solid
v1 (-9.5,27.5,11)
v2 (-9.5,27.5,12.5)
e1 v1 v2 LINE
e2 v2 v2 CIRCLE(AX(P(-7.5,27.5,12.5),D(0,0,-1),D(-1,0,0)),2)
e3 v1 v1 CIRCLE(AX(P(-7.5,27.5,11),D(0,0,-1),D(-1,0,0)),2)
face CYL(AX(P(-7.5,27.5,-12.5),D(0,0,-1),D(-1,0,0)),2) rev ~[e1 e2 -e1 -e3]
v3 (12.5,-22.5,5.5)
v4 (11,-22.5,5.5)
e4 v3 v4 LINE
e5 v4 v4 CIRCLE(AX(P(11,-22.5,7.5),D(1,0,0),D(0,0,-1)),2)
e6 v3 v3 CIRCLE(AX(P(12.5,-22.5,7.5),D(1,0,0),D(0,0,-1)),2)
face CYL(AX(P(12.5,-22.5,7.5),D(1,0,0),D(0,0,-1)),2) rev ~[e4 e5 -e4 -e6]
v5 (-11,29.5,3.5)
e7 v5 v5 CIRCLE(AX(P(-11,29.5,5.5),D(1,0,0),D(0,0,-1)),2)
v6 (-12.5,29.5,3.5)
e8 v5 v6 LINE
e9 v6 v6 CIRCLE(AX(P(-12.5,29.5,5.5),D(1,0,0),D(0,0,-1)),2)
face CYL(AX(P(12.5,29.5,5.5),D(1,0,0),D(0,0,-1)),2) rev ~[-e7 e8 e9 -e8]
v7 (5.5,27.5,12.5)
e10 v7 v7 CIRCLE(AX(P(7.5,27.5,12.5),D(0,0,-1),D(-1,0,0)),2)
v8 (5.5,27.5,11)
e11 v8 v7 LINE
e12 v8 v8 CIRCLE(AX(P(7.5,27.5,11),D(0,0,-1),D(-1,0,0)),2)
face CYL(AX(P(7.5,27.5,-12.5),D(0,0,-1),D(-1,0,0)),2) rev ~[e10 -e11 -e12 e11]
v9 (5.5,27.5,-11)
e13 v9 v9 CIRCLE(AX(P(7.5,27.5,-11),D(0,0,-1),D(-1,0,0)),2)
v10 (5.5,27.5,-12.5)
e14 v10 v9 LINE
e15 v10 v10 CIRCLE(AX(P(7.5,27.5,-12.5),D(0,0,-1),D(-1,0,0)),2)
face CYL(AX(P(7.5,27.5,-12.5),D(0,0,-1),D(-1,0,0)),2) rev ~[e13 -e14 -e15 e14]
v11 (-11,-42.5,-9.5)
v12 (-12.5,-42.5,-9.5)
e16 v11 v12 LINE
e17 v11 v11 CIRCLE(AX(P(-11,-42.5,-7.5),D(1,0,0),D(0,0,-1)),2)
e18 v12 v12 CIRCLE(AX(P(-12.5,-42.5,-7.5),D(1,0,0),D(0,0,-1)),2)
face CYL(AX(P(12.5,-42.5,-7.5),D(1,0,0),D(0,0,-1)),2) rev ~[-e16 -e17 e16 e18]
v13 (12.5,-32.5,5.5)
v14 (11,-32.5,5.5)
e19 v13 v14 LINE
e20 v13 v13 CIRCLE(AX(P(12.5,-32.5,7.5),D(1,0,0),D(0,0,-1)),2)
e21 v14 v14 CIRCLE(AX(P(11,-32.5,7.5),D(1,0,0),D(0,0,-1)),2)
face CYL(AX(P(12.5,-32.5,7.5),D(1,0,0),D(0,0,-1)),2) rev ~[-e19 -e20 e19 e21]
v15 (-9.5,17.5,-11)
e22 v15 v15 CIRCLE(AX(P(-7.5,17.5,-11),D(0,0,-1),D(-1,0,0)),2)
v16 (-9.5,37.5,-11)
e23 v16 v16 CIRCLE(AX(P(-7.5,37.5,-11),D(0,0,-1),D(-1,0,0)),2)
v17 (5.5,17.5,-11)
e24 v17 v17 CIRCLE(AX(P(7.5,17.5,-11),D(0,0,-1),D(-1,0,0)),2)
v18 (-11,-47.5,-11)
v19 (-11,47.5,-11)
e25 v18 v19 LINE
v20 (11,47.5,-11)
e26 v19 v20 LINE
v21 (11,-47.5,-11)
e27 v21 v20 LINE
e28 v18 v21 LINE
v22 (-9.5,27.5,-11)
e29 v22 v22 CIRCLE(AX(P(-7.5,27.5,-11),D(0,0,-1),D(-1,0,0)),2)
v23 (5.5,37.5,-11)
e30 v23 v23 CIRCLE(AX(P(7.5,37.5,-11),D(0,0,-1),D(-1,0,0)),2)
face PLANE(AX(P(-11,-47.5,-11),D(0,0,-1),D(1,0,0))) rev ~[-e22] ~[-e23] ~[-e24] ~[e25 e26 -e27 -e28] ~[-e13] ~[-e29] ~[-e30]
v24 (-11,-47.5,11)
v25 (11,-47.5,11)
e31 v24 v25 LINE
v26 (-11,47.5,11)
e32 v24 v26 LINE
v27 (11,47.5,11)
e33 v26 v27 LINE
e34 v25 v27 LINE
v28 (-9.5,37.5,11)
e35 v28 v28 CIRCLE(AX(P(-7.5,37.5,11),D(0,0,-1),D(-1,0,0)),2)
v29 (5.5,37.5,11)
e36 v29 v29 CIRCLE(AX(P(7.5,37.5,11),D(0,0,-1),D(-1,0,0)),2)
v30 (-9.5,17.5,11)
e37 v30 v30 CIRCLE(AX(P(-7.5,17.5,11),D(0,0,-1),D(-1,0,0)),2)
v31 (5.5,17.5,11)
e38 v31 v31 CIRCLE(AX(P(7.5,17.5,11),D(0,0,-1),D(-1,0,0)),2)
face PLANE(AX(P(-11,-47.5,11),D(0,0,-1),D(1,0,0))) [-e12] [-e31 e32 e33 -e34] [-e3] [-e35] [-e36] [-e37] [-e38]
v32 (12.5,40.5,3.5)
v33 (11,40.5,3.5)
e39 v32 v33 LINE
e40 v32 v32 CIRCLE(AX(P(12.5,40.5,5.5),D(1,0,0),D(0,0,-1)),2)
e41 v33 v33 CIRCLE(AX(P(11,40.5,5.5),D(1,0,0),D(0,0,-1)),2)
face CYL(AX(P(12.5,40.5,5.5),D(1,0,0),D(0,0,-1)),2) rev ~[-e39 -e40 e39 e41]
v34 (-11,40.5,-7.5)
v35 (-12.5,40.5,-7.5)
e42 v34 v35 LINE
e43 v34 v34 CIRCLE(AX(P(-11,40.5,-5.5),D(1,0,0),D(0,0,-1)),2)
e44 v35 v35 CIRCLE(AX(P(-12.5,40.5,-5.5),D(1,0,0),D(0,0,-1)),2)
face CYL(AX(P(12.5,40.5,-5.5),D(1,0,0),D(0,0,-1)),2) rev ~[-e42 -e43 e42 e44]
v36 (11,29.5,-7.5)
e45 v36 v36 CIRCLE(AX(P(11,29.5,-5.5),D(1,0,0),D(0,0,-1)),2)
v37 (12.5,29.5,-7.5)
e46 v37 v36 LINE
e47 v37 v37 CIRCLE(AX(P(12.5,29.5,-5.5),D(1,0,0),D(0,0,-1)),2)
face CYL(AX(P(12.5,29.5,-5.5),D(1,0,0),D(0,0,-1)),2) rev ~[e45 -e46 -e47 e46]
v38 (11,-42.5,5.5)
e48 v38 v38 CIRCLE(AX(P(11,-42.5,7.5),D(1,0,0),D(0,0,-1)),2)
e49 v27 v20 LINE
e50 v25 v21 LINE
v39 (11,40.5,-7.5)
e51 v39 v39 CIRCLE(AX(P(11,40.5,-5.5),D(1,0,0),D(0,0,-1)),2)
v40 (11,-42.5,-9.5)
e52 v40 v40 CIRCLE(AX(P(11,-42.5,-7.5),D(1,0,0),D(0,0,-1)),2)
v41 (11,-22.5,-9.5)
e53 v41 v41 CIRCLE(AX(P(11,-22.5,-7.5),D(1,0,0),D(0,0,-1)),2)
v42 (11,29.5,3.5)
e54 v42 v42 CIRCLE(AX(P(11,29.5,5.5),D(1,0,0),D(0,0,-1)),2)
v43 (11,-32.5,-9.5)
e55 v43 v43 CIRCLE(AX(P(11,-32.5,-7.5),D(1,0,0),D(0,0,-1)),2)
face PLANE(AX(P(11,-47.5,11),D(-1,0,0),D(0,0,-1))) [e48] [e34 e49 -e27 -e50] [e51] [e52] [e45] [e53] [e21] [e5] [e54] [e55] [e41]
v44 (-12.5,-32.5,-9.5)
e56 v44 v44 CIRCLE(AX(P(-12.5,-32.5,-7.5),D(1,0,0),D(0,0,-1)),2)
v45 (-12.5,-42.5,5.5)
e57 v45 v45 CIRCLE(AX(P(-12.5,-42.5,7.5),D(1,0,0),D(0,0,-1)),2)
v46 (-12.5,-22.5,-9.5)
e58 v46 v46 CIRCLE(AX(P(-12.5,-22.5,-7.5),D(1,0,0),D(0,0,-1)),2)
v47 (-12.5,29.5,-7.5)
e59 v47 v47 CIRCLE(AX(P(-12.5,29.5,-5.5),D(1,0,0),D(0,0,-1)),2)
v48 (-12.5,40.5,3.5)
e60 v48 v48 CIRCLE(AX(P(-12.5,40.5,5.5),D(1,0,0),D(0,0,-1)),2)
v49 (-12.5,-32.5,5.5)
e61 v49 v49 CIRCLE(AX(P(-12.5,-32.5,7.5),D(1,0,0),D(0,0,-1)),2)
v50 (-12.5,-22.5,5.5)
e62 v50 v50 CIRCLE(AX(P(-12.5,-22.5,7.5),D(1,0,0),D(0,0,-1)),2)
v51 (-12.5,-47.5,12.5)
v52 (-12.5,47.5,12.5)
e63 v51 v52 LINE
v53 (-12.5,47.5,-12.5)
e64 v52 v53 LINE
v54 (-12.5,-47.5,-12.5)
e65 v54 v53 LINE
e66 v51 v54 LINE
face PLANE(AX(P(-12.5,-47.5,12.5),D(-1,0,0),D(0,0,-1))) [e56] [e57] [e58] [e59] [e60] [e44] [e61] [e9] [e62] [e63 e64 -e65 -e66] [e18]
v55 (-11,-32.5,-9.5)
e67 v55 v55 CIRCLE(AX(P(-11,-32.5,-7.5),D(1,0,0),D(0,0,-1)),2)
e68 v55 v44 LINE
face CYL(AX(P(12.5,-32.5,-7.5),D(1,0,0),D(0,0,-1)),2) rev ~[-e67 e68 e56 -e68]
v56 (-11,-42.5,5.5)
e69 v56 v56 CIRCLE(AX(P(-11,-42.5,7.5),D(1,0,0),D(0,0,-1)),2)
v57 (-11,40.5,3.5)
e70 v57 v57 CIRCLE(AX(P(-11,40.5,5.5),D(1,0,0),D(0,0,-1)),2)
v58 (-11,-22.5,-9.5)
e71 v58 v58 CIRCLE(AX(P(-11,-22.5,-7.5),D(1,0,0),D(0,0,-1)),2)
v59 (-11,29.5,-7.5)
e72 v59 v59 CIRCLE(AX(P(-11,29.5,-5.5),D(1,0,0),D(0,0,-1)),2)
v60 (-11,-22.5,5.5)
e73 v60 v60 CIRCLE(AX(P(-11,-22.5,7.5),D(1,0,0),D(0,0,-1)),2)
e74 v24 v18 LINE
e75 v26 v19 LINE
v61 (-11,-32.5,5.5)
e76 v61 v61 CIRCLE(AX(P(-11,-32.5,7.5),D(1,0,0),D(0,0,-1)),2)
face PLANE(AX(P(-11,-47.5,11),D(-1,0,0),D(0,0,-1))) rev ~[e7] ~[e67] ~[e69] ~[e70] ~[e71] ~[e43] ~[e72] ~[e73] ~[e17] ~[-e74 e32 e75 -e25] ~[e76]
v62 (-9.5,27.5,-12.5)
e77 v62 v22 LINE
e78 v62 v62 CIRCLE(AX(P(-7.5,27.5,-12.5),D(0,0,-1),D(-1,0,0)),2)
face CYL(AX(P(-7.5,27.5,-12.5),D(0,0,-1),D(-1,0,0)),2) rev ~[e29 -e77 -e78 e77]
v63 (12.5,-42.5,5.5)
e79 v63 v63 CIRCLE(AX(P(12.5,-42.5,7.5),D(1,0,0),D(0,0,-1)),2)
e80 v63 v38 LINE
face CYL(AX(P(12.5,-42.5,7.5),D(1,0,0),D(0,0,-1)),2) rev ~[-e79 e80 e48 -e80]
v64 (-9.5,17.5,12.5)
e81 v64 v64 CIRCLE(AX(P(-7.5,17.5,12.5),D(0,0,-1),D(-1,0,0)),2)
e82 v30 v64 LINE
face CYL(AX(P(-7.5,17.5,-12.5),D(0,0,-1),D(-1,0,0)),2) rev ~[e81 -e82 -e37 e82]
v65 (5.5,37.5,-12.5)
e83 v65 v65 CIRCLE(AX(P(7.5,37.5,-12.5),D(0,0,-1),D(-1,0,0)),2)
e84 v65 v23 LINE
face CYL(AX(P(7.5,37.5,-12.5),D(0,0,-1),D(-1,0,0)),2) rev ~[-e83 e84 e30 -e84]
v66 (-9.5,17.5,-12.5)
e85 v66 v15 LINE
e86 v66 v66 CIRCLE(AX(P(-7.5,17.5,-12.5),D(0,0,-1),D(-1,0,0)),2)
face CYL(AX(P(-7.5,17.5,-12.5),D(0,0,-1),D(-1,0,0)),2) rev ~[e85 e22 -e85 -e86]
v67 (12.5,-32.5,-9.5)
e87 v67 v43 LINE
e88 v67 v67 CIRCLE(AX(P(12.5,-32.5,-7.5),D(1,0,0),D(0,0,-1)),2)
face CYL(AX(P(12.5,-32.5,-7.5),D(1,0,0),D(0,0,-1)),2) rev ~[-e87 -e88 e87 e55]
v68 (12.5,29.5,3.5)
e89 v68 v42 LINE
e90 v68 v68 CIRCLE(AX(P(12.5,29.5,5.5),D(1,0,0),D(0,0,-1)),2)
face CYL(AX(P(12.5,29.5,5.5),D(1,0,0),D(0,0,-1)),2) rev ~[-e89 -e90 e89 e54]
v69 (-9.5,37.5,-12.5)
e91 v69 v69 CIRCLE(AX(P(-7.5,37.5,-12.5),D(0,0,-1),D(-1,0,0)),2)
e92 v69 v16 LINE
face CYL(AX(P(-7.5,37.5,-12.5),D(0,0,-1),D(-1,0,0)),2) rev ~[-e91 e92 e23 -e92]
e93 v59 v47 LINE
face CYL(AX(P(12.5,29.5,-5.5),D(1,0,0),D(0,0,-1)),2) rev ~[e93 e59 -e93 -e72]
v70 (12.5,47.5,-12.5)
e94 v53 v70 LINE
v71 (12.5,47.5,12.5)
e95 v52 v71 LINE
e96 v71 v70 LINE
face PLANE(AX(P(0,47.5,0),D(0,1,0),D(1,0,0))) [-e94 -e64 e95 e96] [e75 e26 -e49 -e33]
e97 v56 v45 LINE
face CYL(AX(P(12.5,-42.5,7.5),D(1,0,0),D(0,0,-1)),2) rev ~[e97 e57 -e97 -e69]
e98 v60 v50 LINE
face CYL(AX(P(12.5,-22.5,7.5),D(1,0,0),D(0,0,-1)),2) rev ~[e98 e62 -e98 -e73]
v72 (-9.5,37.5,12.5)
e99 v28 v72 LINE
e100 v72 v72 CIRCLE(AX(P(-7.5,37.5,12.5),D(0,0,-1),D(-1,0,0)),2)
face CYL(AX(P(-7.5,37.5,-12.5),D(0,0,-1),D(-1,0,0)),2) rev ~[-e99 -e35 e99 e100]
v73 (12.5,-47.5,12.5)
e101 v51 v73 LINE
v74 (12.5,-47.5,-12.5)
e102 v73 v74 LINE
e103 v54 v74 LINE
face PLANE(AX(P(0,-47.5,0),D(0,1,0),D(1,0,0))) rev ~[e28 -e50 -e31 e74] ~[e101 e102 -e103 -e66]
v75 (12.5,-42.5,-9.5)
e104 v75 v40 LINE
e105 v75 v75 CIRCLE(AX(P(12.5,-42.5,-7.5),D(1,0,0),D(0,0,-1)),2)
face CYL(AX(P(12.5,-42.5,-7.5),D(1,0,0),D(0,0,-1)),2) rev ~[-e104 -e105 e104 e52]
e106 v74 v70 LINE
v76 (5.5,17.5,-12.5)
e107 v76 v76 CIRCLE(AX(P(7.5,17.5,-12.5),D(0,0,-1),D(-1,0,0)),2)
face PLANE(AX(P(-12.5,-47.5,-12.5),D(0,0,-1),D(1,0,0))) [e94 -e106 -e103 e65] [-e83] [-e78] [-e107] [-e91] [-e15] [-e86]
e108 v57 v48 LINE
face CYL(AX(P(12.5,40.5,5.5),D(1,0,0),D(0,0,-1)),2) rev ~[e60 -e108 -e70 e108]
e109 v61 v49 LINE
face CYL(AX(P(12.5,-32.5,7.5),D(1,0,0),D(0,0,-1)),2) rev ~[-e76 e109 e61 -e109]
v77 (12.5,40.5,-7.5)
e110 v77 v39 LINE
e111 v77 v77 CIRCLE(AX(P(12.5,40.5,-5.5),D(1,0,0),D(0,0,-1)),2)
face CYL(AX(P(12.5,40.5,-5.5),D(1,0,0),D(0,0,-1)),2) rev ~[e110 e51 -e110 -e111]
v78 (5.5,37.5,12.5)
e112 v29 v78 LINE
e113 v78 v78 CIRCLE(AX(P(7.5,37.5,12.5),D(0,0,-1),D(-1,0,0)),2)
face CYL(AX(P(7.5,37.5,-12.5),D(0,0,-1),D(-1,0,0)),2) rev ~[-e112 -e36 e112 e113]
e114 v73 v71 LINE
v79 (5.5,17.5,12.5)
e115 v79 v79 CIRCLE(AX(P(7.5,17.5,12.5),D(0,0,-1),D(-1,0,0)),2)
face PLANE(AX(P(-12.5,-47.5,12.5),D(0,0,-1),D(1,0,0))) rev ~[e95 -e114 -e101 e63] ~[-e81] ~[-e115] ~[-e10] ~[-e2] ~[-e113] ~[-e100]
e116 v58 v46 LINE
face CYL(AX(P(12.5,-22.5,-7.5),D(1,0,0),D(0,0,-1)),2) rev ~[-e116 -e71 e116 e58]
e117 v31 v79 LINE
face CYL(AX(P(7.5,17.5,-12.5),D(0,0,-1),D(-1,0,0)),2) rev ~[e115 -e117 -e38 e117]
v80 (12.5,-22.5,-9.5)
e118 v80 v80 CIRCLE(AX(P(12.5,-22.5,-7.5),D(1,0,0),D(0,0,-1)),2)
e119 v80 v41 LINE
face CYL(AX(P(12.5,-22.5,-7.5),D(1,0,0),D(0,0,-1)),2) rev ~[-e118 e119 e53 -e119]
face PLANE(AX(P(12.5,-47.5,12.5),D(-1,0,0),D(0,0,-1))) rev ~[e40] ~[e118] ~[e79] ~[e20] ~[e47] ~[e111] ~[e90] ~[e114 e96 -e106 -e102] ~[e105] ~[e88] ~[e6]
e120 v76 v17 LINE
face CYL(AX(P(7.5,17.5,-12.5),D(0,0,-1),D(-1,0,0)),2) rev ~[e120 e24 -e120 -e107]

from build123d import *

# Parameters (mm, degrees)
BOSS_EXTRUDE1_DEPTH      = 47.5
BOSS_EXTRUDE1_DEPTH_BACK = 47.5
SKETCH3_W                = 25
SKETCH3_H                = 25
SKETCH3_W_2              = 22
SKETCH3_H_2              = 22
SKETCH6_R                = 2
CUT_EXTRUDE3_DEPTH       = 25
SKETCH7_R                = 2
CUT_EXTRUDE4_DEPTH       = 25
SKETCH8_R                = 2
CUT_EXTRUDE5_DEPTH       = 25


with BuildPart() as part:
    # Sketch3 → Boss-Extrude1 (new, two sides: drawn at the far end of the back side and taken through both)
    with BuildSketch(Plane(origin=(0, 0, 0), x_dir=(1, 0, 0), z_dir=(0, 1, 0)).offset(-BOSS_EXTRUDE1_DEPTH_BACK)):
        Rectangle(SKETCH3_W, SKETCH3_H)
        Rectangle(SKETCH3_W_2, SKETCH3_H_2, mode=Mode.SUBTRACT)
    extrude(amount=BOSS_EXTRUDE1_DEPTH + BOSS_EXTRUDE1_DEPTH_BACK)

    # Sketch6 → Cut-Extrude3 (cut)
    with BuildSketch(Plane(origin=(12.5, 0, 0), x_dir=(0, 0, -1), z_dir=(1, 0, 0))):
        with Locations((7.5, -42.5)):
            Circle(SKETCH6_R)
        with Locations((7.5, -22.5)):
            Circle(SKETCH6_R)
        with Locations((-7.5, -42.5)):
            Circle(SKETCH6_R)
        with Locations((-7.5, -22.5)):
            Circle(SKETCH6_R)
        with Locations((7.5, -32.5)):
            Circle(SKETCH6_R)
        with Locations((-7.5, -32.5)):
            Circle(SKETCH6_R)
    extrude(amount=-CUT_EXTRUDE3_DEPTH, mode=Mode.SUBTRACT)

    # Sketch7 → Cut-Extrude4 (cut)
    with BuildSketch(Plane(origin=(0, 0, -12.5), x_dir=(-1, 0, 0), z_dir=(0, 0, -1))):
        with Locations((7.5, 37.5)):
            Circle(SKETCH7_R)
        with Locations((7.5, 27.5)):
            Circle(SKETCH7_R)
        with Locations((-7.5, 37.5)):
            Circle(SKETCH7_R)
        with Locations((-7.5, 27.5)):
            Circle(SKETCH7_R)
        with Locations((-7.5, 17.5)):
            Circle(SKETCH7_R)
        with Locations((7.5, 17.5)):
            Circle(SKETCH7_R)
    extrude(amount=-CUT_EXTRUDE4_DEPTH, mode=Mode.SUBTRACT)

    # Sketch8 → Cut-Extrude5 (cut)
    with BuildSketch(Plane(origin=(12.5, 0, 0), x_dir=(0, 0, -1), z_dir=(1, 0, 0))):
        with Locations((5.5, 40.5)):
            Circle(SKETCH8_R)
        with Locations((5.5, 29.5)):
            Circle(SKETCH8_R)
        with Locations((-5.5, 29.5)):
            Circle(SKETCH8_R)
        with Locations((-5.5, 40.5)):
            Circle(SKETCH8_R)
    extrude(amount=-CUT_EXTRUDE5_DEPTH, mode=Mode.SUBTRACT)


solid = part.part
